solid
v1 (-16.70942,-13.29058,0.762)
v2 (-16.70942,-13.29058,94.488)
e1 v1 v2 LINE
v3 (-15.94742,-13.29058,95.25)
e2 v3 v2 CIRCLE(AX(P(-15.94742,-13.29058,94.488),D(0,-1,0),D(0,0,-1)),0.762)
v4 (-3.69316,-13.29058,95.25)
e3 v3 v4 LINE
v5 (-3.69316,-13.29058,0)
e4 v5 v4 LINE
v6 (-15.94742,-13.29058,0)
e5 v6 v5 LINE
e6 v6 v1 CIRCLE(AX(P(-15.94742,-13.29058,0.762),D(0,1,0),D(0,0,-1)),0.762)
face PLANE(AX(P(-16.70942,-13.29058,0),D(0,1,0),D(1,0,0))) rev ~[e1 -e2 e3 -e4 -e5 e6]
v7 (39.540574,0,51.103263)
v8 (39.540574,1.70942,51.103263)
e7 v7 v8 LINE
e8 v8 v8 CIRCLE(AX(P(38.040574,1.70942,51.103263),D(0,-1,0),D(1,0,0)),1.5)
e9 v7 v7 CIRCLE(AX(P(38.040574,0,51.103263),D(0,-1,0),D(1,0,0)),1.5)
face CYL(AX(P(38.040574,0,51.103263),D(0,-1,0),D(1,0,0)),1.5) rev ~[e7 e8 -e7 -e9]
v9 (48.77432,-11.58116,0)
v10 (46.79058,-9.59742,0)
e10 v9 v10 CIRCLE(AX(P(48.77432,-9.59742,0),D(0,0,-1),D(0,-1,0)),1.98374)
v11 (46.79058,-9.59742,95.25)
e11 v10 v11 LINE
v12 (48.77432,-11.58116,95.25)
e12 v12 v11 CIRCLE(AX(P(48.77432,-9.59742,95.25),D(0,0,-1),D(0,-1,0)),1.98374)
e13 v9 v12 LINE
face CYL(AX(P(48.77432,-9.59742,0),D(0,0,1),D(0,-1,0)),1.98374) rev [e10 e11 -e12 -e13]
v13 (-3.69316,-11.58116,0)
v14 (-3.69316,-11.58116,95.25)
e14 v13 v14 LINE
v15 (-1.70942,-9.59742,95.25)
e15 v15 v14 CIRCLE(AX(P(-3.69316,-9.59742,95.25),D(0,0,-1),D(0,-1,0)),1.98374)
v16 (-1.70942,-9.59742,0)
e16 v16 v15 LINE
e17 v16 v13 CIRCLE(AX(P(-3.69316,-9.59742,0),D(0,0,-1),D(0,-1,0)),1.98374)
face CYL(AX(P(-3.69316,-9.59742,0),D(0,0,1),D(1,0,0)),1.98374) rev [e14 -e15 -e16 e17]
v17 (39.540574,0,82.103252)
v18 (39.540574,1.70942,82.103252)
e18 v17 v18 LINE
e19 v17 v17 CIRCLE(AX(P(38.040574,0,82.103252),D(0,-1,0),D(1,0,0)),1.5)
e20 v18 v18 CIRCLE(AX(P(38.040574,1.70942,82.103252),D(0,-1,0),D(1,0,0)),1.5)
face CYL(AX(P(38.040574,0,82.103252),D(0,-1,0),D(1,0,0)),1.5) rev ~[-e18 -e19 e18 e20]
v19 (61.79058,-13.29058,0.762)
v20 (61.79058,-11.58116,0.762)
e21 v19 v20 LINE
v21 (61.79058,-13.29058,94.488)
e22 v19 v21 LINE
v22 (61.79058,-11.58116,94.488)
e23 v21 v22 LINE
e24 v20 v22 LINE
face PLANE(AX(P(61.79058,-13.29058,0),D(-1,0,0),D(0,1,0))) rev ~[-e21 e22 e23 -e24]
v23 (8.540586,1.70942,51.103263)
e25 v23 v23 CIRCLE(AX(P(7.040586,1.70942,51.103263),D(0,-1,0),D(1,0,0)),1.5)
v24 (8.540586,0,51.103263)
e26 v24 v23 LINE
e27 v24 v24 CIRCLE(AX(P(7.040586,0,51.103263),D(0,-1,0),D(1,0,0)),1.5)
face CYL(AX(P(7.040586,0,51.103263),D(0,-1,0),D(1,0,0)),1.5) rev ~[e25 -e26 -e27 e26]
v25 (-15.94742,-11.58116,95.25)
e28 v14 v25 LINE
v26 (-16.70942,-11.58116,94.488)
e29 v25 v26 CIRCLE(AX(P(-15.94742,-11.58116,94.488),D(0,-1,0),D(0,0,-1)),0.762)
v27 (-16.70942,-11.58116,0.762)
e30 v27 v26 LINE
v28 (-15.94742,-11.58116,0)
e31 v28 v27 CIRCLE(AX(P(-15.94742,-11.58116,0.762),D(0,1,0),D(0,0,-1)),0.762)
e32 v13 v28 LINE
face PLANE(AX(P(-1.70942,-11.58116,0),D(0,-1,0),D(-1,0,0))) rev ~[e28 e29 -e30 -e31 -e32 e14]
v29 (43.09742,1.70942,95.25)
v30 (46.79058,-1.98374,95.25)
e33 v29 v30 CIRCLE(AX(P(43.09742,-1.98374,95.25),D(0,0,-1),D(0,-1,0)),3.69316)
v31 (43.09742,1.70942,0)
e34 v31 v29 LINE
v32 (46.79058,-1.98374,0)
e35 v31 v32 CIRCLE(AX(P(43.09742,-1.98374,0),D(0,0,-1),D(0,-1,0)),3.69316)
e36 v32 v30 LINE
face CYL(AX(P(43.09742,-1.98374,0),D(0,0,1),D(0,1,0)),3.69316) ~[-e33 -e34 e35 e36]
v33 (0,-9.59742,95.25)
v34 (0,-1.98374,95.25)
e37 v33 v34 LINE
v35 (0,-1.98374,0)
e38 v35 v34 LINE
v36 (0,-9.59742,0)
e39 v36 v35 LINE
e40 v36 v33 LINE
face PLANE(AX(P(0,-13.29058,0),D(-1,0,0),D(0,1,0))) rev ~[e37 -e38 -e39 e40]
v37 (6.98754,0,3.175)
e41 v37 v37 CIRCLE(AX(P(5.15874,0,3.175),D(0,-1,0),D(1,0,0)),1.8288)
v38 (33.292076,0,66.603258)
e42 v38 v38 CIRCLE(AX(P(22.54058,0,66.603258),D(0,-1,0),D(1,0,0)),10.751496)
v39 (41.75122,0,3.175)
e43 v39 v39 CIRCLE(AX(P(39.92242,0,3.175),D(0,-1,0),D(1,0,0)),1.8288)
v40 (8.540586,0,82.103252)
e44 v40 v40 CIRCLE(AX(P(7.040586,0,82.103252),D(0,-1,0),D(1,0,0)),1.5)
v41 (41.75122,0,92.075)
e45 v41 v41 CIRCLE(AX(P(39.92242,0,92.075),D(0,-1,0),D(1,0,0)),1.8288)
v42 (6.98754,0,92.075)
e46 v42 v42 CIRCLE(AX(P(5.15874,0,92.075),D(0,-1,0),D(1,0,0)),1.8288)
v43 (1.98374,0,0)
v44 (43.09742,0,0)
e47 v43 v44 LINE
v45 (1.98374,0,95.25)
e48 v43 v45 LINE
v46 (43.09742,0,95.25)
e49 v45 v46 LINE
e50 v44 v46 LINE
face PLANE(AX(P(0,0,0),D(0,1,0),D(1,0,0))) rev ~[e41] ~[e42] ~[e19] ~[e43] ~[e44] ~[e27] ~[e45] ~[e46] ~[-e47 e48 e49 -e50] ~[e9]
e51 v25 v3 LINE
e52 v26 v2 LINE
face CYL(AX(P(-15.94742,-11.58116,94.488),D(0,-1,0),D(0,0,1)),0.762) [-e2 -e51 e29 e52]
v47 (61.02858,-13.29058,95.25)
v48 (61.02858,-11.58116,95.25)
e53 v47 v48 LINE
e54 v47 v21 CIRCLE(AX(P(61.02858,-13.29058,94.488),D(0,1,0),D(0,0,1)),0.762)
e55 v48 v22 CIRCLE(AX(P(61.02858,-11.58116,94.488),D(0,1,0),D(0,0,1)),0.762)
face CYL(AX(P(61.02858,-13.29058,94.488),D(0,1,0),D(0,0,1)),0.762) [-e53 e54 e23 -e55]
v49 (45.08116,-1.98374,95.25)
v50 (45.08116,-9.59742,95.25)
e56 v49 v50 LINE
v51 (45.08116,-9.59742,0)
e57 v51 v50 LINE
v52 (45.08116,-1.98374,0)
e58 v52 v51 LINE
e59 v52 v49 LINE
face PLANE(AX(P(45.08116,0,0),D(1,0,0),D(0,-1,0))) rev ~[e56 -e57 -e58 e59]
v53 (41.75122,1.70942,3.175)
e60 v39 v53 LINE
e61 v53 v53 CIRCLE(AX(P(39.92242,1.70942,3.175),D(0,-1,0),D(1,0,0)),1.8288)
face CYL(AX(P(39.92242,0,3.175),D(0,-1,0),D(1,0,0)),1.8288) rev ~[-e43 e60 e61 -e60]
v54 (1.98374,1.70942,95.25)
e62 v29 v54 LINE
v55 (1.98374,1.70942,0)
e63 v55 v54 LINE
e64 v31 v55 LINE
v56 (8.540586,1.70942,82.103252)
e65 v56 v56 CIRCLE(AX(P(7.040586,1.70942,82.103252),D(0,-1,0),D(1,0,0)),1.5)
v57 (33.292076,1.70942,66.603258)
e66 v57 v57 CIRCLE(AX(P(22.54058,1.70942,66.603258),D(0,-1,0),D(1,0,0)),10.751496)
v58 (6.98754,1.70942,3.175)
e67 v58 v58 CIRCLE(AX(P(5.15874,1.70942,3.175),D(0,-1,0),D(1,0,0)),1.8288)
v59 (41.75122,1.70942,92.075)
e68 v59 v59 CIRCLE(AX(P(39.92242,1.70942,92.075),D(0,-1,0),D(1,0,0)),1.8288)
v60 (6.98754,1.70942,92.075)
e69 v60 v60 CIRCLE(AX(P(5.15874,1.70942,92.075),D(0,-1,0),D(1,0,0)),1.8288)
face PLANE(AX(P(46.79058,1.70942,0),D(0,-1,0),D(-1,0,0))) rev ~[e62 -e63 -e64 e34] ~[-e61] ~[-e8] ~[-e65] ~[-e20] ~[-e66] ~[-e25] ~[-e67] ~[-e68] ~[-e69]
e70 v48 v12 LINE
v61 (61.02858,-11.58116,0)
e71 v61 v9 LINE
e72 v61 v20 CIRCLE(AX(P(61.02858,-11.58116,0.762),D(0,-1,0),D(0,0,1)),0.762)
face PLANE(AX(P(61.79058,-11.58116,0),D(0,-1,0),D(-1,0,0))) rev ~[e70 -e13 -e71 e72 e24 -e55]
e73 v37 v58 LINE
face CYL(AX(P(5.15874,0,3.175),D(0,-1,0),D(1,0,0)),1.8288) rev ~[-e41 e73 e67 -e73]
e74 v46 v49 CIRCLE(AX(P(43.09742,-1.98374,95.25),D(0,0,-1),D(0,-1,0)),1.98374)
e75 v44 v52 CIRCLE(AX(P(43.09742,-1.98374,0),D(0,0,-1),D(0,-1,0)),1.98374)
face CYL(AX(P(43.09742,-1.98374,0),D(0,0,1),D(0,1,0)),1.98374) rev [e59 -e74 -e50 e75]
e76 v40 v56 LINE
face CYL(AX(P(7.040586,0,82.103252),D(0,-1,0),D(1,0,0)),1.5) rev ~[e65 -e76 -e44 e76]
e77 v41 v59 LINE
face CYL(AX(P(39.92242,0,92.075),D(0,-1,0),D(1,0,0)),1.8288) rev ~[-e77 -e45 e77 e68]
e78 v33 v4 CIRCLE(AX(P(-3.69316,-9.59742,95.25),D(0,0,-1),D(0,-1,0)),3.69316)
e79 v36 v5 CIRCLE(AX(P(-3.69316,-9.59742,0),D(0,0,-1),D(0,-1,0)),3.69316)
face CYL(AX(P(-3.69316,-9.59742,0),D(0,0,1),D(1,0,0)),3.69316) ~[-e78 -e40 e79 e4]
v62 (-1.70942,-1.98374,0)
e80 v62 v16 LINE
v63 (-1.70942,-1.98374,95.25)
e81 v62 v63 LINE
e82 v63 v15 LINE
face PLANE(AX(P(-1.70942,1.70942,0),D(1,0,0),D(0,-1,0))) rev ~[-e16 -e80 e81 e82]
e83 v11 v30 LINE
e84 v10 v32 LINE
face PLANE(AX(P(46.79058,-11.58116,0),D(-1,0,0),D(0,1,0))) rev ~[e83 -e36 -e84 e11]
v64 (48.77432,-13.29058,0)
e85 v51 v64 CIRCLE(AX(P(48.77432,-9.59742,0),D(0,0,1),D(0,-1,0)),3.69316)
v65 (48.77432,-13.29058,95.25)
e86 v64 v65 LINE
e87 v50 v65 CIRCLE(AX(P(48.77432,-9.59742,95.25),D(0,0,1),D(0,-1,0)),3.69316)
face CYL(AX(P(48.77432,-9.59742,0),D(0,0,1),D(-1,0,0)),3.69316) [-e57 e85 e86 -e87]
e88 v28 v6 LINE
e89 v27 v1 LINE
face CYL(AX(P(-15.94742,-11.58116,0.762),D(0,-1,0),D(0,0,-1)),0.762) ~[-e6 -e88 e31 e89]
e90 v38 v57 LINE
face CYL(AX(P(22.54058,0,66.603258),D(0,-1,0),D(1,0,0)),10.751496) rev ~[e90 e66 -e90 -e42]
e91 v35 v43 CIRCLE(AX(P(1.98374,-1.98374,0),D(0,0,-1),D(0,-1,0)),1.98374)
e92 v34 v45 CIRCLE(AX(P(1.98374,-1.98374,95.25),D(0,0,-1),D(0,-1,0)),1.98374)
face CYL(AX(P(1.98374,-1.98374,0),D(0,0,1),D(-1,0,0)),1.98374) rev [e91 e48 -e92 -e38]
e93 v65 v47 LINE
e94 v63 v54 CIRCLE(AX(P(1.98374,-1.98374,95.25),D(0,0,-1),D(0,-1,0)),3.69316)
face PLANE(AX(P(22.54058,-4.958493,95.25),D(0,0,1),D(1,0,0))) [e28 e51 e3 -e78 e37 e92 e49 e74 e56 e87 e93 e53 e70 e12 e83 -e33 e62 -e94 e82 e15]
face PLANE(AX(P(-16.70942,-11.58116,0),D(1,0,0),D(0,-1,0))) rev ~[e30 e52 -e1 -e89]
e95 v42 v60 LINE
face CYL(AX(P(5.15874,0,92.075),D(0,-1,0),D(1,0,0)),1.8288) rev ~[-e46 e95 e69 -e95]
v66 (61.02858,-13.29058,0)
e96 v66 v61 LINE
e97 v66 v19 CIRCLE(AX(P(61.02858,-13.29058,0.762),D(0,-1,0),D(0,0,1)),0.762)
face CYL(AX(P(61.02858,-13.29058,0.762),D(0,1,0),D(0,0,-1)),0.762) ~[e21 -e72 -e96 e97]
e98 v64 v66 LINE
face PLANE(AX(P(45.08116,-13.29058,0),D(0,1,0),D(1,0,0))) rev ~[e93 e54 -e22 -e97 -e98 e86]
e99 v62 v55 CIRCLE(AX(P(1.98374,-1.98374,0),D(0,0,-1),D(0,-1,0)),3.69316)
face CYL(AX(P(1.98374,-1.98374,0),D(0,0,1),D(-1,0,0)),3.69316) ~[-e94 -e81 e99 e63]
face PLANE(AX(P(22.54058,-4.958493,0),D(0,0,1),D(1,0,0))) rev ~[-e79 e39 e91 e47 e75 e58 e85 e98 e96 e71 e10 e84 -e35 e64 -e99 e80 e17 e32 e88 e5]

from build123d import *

# Parameters (mm, degrees)
F1_DEPTH = 95.25
F2_R     = 1.98374
F3_R     = 3.69316
F4_R     = 0.762
F5_R     = 1.8288
F6_DEPTH = 1.70942
F7_R     = 10.751496
F7_R_2   = 1.5
F8_DEPTH = 1.70942


with BuildPart() as f1:
    # F0 (on Top) → F1 (new body)
    with BuildSketch(Plane.XY):
        Polygon((0, -13.29058), (0, 0), (45.08116, 0), (45.08116, -13.29058), (61.79058, -13.29058), (61.79058, -11.58116), (46.79058, -11.58116), (46.79058, 1.70942), (-1.70942, 1.70942), (-1.70942, -11.58116), (-16.70942, -11.58116), (-16.70942, -13.29058), align=None)
    extrude(amount=F1_DEPTH)

    # F2
    f2_edges = [f1.edges().sort_by_distance(p)[0] for p in [
        (0, 0, 47.625),
        (-1.70942, -11.58116, 47.625),
        (45.08116, 0, 47.625),
        (46.79058, -11.58116, 47.625),
    ]]
    fillet(f2_edges, radius=F2_R)

    # F3
    f3_edges = [f1.edges().sort_by_distance(p)[0] for p in [
        (0, -13.29058, 47.625),
        (-1.70942, 1.70942, 47.625),
        (46.79058, 1.70942, 47.625),
        (45.08116, -13.29058, 47.625),
    ]]
    fillet(f3_edges, radius=F3_R)

    # F4
    f4_edges = [f1.edges().sort_by_distance(p)[0] for p in [
        (-16.70942, -12.43587, 0),
        (-16.70942, -12.43587, 95.25),
        (61.79058, -12.43587, 0),
        (61.79058, -12.43587, 95.25),
    ]]
    fillet(f4_edges, radius=F4_R)

    # F5 (on face) → F6 (cut, through all)
    with BuildSketch(Plane.XZ):
        with Locations((5.15874, 92.075)):
            Circle(F5_R)
        with Locations((5.15874, 3.175)):
            Circle(F5_R)
        with Locations((39.92242, 92.075)):
            Circle(F5_R)
        with Locations((39.92242, 3.175)):
            Circle(F5_R)
    extrude(amount=-F6_DEPTH, mode=Mode.SUBTRACT)

    # F7 (on face) → F8 (cut, through all)
    with BuildSketch(Plane.XZ):
        with Locations((22.54058, 66.603258)):
            Circle(F7_R)
        with Locations((38.040574, 82.103252)):
            Circle(F7_R_2)
        with Locations((38.040574, 51.103263)):
            Circle(F7_R_2)
        with Locations((7.040586, 51.103263)):
            Circle(F7_R_2)
        with Locations((7.040586, 82.103252)):
            Circle(F7_R_2)
    extrude(amount=-F8_DEPTH, mode=Mode.SUBTRACT)


solid = f1.part
